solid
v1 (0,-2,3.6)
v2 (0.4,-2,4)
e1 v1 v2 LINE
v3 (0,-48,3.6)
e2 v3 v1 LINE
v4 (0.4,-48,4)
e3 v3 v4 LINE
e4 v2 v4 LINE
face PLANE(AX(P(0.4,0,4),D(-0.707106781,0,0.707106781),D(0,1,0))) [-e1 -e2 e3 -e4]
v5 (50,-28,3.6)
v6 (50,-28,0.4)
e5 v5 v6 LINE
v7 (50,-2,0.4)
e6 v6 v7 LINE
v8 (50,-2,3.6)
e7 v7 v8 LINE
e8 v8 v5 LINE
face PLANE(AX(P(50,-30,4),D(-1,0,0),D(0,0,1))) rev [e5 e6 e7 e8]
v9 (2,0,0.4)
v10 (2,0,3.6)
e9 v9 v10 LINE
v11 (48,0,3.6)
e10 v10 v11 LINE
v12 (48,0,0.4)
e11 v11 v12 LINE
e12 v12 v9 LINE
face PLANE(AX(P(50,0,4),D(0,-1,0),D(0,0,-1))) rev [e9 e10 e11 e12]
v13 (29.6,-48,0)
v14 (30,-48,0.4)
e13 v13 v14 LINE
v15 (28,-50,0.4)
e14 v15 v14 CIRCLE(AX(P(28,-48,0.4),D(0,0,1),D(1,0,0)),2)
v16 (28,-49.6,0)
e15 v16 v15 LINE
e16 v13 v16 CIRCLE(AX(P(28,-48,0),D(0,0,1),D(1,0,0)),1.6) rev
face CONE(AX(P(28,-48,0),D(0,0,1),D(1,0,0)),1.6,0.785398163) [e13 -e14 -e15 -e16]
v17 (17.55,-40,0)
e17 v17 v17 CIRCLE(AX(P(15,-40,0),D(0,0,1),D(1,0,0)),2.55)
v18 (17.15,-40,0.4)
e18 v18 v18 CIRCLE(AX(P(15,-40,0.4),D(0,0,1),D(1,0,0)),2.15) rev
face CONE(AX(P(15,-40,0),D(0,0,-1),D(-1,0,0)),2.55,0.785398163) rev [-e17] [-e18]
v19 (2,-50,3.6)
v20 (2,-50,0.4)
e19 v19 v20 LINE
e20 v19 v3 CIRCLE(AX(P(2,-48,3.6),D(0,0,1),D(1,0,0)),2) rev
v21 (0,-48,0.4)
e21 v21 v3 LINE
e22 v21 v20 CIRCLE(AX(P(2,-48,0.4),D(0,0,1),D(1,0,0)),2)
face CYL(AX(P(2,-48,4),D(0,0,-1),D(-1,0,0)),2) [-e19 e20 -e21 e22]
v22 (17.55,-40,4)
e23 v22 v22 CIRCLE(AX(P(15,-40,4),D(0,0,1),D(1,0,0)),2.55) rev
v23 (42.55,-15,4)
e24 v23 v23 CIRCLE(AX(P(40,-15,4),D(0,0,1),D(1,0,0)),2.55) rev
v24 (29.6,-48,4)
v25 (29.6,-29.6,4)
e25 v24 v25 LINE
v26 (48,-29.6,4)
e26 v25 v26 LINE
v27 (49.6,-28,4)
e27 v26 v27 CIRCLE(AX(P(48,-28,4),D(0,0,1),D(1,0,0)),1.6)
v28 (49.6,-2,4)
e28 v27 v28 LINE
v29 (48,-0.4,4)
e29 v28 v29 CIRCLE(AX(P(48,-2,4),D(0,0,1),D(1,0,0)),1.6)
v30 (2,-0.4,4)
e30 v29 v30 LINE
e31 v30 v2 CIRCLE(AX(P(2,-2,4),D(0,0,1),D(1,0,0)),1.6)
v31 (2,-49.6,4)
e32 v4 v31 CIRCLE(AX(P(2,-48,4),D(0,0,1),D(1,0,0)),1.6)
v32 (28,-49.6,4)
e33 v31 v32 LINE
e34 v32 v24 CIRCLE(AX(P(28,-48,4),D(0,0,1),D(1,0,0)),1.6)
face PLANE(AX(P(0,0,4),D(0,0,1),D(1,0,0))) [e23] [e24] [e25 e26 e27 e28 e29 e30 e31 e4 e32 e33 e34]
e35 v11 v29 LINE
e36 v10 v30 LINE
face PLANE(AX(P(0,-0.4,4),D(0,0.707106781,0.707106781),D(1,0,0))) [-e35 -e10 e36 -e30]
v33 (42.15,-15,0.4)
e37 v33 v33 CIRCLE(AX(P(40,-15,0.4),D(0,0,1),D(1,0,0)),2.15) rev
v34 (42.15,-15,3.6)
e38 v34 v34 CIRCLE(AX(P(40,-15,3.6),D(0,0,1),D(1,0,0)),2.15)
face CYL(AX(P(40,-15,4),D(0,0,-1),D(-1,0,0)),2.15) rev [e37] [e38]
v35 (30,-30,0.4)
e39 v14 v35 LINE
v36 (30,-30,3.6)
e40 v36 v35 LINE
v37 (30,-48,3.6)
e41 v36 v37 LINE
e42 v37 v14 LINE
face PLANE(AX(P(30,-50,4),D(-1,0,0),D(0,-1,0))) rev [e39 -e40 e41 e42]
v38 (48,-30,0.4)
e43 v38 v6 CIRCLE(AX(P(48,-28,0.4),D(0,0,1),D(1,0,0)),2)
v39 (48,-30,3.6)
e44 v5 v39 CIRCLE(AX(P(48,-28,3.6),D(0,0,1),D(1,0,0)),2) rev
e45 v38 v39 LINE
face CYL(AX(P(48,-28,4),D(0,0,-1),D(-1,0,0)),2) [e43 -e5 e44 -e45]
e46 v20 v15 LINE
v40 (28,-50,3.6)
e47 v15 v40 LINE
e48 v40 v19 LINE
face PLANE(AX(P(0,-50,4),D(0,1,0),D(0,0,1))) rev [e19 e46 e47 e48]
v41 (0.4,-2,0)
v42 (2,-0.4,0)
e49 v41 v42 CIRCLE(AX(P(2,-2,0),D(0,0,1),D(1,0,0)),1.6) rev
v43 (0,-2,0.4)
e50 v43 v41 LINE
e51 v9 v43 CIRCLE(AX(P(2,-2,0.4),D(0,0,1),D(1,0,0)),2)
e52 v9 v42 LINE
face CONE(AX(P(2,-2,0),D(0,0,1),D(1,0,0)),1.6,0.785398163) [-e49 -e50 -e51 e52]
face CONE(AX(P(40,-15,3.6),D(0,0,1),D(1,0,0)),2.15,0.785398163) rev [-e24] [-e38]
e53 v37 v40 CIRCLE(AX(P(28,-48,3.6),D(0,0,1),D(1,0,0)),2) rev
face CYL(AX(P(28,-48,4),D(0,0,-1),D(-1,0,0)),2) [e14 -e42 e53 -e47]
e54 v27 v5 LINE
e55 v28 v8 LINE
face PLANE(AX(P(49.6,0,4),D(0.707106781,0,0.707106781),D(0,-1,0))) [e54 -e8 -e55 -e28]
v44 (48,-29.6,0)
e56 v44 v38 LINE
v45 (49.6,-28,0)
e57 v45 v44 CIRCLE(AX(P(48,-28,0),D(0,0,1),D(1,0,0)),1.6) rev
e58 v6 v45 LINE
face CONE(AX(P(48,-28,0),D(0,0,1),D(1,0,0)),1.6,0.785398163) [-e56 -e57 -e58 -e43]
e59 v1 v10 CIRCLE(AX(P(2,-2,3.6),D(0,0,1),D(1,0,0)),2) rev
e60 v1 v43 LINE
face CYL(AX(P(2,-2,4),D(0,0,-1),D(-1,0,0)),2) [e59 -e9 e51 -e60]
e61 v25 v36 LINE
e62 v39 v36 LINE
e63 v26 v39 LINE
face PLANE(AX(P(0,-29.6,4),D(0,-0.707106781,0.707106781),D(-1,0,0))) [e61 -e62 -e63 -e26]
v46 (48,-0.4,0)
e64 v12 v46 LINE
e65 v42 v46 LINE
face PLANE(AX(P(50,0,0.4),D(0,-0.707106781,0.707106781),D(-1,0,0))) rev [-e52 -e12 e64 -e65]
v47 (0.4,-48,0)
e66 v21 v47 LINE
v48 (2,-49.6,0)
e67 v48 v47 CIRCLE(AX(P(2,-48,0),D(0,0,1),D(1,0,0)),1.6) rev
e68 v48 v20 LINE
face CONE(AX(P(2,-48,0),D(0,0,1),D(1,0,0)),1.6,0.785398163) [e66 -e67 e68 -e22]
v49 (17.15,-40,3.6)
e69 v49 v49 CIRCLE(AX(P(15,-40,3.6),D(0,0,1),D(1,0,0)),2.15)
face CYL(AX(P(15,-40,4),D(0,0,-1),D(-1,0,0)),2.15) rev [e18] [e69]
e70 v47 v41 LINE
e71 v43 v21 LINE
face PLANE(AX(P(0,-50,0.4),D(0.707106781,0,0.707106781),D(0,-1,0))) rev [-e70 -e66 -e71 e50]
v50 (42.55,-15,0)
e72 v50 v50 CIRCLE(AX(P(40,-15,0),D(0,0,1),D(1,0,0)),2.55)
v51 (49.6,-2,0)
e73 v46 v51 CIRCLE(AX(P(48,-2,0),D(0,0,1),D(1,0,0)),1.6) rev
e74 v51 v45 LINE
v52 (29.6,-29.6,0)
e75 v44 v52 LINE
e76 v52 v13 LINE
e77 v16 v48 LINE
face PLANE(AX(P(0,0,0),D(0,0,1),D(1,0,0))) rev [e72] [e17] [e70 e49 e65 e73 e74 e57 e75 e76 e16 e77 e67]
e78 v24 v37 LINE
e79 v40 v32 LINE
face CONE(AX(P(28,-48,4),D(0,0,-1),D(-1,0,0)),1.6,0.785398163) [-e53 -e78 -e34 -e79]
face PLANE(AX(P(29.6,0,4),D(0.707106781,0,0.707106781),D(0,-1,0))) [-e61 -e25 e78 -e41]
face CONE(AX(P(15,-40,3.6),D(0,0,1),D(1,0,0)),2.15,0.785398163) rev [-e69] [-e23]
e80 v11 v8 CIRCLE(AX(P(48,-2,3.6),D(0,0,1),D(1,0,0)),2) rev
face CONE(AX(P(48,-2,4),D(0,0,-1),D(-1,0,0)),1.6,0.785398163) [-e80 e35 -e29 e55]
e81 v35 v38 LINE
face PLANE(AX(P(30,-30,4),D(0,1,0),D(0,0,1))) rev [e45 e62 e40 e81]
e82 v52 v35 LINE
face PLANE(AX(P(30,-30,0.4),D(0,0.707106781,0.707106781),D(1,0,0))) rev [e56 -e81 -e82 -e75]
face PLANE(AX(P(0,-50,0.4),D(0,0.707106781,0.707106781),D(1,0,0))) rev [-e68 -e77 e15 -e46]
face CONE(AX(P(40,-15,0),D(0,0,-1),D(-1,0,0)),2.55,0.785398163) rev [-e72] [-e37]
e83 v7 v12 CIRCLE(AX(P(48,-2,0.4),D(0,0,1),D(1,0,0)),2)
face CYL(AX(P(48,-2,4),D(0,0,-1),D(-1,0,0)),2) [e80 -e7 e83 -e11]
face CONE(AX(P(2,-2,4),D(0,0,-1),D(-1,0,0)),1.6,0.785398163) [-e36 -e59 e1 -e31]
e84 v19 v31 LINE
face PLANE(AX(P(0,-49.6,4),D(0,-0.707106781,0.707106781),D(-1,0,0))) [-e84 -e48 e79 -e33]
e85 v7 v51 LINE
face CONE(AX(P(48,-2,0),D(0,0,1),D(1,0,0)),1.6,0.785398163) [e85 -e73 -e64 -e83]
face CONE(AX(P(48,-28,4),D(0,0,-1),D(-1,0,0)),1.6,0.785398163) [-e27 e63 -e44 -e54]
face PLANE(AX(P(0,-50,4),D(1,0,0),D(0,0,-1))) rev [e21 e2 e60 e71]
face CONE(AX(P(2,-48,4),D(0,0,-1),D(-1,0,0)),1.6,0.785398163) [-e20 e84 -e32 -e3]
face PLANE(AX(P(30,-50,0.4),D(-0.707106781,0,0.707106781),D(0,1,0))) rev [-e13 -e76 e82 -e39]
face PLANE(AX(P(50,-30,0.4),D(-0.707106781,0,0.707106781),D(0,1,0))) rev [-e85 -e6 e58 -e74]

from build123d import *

# Parameters (mm, degrees)
SKETCH1_R           = 2.15
BOSS_EXTRUDE1_DEPTH = 4
FILLET1_R           = 2
CHAMFER1_SIZE       = 0.4


with BuildPart() as part:
    # Sketch1 → Boss-Extrude1 (new body)
    with BuildSketch(Plane.XY):
        Polygon((0, -50), (30, -50), (30, -30), (50, -30), (50, 0), (0, 0), align=None)
        with Locations((15, -40)):
            Circle(SKETCH1_R, mode=Mode.SUBTRACT)
        with Locations((40, -15)):
            Circle(SKETCH1_R, mode=Mode.SUBTRACT)
    extrude(amount=BOSS_EXTRUDE1_DEPTH)

    # Fillet1
    fillet1_edges = [part.edges().sort_by_distance(p)[0] for p in [
        (0, 0, 2),
        (50, 0, 2),
        (50, -30, 2),
        (30, -50, 2),
        (0, -50, 2),
    ]]
    fillet(fillet1_edges, radius=FILLET1_R)

    # Chamfer1
    chamfer1_edges = [part.edges().sort_by_distance(p)[0] for p in [
        (39, -30, 4),
        (12.85, -40, 0),
        (12.85, -40, 4),
        (37.85, -15, 0),
        (37.85, -15, 4),
        (0, -25, 0),
        (0, -25, 4),
        (25, 0, 0),
        (50, -15, 0),
        (30, -39, 0),
        (15, -50, 0),
        (29.414213562, -49.414213562, 0),
        (0.585786438, -49.414213562, 0),
        (49.414213562, -29.414213562, 0),
        (49.414213562, -0.585786438, 0),
        (0.585786438, -0.585786438, 0),
        (25, 0, 4),
        (15, -50, 4),
        (30, -39, 4),
        (50, -15, 4),
        (29.414213562, -49.414213562, 4),
        (0.585786438, -49.414213562, 4),
        (49.414213562, -29.414213562, 4),
        (49.414213562, -0.585786438, 4),
        (0.585786438, -0.585786438, 4),
        (39, -30, 0),
    ]]
    chamfer(chamfer1_edges, length=CHAMFER1_SIZE)


solid = part.part
